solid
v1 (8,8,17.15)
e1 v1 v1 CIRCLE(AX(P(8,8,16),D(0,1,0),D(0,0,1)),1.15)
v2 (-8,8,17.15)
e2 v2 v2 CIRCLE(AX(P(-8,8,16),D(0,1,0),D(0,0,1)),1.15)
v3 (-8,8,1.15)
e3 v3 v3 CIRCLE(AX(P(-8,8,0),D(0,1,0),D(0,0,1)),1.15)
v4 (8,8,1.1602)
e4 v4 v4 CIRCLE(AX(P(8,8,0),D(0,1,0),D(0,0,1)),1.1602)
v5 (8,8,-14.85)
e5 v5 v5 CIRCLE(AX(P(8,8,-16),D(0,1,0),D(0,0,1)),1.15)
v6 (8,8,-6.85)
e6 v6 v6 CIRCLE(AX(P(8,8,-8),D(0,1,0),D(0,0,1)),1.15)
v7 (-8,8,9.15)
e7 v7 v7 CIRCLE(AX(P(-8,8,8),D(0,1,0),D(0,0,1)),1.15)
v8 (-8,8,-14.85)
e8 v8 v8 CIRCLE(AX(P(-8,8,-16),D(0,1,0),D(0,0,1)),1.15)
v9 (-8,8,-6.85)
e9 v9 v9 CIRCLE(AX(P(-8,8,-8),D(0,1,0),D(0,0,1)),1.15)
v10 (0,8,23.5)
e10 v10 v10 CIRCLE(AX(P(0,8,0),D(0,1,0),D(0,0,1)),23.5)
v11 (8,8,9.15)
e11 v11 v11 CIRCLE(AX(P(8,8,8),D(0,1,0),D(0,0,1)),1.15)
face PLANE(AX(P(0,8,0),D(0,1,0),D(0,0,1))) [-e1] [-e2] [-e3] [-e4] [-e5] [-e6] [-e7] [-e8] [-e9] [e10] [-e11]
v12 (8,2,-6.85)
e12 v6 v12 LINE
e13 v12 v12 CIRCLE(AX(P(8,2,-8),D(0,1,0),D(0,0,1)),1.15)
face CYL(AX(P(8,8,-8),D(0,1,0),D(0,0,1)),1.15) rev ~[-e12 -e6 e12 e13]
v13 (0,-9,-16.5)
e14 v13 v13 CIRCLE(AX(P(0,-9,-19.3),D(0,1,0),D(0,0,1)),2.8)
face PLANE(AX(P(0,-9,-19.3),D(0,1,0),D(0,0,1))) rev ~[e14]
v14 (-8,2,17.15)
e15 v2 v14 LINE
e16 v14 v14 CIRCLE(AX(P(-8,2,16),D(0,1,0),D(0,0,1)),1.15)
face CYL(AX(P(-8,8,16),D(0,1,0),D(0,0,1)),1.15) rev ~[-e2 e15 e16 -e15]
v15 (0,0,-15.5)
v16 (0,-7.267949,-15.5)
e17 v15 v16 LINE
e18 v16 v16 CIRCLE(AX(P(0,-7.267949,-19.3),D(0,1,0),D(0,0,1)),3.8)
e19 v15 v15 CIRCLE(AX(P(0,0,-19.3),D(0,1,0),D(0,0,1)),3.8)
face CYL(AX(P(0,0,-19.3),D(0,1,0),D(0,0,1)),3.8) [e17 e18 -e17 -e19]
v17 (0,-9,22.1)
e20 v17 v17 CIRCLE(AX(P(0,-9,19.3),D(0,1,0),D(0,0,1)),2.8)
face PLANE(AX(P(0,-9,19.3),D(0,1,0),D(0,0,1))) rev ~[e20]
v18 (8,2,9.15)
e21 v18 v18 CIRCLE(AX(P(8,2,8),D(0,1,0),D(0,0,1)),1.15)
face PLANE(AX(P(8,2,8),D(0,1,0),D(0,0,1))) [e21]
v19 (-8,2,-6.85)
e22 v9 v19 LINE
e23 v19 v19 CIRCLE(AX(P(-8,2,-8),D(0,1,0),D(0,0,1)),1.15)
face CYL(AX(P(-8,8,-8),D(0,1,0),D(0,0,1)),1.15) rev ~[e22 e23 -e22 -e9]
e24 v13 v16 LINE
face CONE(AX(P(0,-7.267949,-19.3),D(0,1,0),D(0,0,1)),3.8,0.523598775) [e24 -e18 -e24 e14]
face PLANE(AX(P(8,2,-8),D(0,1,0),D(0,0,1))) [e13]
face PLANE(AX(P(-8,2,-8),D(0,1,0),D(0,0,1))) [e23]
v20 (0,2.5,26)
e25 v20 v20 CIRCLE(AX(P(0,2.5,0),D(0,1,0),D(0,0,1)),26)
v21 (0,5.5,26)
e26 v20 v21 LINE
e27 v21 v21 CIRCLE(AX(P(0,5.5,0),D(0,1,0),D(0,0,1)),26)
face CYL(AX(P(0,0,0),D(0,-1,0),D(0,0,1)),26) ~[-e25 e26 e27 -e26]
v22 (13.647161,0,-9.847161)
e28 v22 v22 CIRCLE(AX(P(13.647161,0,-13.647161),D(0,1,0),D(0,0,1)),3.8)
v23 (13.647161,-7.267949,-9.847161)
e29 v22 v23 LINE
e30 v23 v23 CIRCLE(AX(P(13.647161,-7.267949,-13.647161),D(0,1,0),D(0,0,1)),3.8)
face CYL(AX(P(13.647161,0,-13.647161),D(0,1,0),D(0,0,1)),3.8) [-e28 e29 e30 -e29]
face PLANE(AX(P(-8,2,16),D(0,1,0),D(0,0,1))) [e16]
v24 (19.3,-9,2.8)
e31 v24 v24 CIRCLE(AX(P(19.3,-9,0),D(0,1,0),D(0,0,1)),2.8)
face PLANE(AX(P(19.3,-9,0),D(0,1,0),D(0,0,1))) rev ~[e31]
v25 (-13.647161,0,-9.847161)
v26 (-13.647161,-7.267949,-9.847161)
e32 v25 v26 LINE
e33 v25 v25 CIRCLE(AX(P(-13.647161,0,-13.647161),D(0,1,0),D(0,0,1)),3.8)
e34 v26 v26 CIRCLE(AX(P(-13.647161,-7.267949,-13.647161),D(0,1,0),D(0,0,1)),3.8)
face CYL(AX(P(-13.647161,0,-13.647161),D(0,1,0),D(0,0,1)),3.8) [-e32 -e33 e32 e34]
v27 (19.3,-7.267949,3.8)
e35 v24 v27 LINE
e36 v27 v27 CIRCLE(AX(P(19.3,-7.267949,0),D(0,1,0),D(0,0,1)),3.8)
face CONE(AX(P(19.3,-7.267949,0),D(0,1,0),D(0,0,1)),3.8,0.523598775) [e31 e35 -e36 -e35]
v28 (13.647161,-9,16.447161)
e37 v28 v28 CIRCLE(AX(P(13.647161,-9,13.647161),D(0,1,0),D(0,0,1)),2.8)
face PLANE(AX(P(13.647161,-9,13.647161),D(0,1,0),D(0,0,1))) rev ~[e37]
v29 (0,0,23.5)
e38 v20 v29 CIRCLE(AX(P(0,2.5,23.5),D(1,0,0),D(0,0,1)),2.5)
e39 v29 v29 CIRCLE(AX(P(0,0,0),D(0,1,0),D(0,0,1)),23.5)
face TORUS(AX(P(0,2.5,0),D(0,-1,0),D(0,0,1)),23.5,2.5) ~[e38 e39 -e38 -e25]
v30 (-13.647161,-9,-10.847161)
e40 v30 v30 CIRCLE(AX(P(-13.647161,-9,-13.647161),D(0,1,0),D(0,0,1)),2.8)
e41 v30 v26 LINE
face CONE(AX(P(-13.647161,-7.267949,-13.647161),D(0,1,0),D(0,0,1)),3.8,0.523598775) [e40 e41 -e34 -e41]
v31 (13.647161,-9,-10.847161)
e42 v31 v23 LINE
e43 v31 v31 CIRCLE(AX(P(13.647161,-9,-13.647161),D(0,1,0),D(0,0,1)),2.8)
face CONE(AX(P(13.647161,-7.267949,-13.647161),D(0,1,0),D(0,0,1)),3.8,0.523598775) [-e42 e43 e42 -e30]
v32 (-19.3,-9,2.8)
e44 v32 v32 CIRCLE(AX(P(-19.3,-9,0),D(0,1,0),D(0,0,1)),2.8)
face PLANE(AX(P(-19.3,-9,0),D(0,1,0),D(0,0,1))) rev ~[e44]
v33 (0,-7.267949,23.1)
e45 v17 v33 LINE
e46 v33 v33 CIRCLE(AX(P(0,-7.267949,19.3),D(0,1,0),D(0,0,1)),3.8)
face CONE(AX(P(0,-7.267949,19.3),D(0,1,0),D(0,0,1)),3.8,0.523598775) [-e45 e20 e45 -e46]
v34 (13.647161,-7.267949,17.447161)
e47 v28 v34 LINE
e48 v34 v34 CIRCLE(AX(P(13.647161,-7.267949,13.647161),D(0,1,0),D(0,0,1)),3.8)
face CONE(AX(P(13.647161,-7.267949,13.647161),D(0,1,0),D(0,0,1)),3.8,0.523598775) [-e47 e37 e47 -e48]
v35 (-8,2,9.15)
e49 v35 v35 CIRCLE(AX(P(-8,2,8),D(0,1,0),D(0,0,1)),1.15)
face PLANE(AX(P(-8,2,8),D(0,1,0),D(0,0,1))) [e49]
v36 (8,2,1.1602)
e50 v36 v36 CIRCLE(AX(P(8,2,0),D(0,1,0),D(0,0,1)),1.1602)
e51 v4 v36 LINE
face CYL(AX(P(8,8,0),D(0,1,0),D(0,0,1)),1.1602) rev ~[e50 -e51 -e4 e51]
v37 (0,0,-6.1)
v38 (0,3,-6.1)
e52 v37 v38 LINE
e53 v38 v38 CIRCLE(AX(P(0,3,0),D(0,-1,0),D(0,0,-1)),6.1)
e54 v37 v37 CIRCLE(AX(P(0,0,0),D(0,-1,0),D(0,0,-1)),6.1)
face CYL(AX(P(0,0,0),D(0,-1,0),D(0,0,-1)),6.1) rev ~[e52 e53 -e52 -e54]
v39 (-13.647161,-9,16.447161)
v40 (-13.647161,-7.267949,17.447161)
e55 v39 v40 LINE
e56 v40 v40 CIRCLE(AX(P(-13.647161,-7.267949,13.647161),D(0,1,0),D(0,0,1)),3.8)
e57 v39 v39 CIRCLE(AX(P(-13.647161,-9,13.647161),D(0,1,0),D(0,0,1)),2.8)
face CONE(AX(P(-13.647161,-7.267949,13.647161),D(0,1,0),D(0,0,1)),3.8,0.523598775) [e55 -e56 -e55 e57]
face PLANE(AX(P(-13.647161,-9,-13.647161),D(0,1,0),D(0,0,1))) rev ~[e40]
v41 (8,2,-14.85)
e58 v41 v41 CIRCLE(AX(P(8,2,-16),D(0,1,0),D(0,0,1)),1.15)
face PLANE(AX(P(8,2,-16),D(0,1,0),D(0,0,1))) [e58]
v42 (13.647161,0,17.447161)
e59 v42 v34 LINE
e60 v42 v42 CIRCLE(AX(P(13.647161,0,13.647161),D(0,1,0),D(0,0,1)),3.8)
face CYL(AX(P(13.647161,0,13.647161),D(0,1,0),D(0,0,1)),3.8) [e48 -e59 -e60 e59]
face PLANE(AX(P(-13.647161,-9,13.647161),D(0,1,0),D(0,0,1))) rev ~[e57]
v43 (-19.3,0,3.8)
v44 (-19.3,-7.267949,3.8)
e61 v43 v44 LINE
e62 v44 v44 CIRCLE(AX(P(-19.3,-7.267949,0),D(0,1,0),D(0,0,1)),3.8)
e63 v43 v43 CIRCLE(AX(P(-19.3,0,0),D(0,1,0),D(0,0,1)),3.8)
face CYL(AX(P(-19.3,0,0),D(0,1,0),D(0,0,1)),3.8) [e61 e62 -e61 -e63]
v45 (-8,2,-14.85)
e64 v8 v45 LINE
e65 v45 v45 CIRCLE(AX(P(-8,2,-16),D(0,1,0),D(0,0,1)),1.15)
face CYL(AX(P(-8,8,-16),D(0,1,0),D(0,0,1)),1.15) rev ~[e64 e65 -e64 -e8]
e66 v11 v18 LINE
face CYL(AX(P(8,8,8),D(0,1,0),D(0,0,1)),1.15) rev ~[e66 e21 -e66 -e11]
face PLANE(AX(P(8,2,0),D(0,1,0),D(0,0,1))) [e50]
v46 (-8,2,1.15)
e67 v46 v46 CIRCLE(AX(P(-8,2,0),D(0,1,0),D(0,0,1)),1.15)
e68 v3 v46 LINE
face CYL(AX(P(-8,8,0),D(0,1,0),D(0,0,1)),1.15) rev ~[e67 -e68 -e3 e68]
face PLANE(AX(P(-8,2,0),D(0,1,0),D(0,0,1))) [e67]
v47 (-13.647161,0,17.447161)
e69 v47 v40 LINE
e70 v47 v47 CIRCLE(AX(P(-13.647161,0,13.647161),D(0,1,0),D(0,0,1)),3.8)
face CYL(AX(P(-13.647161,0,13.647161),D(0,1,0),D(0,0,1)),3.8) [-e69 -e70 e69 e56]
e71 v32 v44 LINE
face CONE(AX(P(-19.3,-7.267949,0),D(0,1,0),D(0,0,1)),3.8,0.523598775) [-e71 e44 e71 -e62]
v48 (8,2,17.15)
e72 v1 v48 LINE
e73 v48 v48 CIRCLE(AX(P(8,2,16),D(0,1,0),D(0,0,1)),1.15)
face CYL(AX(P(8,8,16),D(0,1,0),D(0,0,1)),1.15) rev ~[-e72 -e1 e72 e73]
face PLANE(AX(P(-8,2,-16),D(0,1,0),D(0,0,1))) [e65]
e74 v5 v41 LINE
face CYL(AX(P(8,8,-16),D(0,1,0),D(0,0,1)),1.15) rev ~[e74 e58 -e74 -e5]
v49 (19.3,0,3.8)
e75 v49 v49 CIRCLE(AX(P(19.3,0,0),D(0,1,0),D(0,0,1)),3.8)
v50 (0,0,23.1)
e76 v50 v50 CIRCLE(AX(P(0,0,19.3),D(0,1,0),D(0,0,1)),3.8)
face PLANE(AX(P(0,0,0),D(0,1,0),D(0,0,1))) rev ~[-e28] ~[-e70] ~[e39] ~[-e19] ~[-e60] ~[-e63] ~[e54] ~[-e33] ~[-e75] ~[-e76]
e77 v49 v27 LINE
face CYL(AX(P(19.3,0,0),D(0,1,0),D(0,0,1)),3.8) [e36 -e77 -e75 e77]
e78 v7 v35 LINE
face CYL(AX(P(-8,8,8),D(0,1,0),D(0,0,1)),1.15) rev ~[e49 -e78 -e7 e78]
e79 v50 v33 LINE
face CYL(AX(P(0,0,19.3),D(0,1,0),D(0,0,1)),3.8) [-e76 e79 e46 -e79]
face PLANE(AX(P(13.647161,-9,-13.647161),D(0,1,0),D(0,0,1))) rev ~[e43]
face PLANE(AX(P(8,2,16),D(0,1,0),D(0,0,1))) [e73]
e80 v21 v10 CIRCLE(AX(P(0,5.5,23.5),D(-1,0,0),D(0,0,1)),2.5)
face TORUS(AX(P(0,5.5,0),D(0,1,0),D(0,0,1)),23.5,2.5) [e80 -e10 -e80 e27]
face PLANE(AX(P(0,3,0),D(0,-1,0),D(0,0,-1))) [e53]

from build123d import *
from OCP.BRepFilletAPI import BRepFilletAPI_MakeChamfer

# Parameters (mm, degrees)
SKETCH1_R           = 26
BOSS_EXTRUDE1_DEPTH = 8
SKETCH2_R           = 6.1
CUT_EXTRUDE2_DEPTH  = 3
SKETCH1_11_R        = 3.8
BOSS_EXTRUDE3_DEPTH = 9
FILLET1_R           = 2.5
SKETCH3_R           = 1.15
SKETCH3_R_2         = 1.160199873
CUT_EXTRUDE3_DEPTH  = 6
CHAMFER1_SIZE       = 1
CHAMFER1_SIZE2      = 1.732050808


with BuildPart() as part:
    # Sketch1 → Boss-Extrude1 (new body)
    with BuildSketch(Plane(origin=(0, 0, 0), x_dir=(1, 0, 0), z_dir=(0, 1, 0))):
        Circle(SKETCH1_R)
    extrude(amount=BOSS_EXTRUDE1_DEPTH)

    # Sketch2 → Cut-Extrude2 (cut)
    with BuildSketch(Plane.XZ):
        Circle(SKETCH2_R)
    extrude(amount=-CUT_EXTRUDE2_DEPTH, mode=Mode.SUBTRACT)

    # Sketch1<11> → Boss-Extrude3 (add)
    with BuildSketch(Plane(origin=(0, 0, 0), x_dir=(1, 0, 0), z_dir=(0, 1, 0))):
        with Locations((-13.647160877, 13.647160877)):
            Circle(SKETCH1_11_R)
        with Locations((0, 19.3)):
            Circle(SKETCH1_11_R)
        with Locations((13.647160877, 13.647160877)):
            Circle(SKETCH1_11_R)
        with Locations((19.3, 0)):
            Circle(SKETCH1_11_R)
        with Locations((13.647160877, -13.647160877)):
            Circle(SKETCH1_11_R)
        with Locations((0, -19.3)):
            Circle(SKETCH1_11_R)
        with Locations((-13.647160877, -13.647160877)):
            Circle(SKETCH1_11_R)
        with Locations((-19.3, 0)):
            Circle(SKETCH1_11_R)
    extrude(amount=-BOSS_EXTRUDE3_DEPTH)

    # Fillet1
    fillet1_edges = [part.edges().sort_by_distance(p)[0] for p in [
        (-26, 0, 0),
        (-26, 8, 0),
    ]]
    fillet(fillet1_edges, radius=FILLET1_R)

    # Sketch3 → Cut-Extrude3 (cut)
    with BuildSketch(Plane(origin=(0, 8, 0), x_dir=(1, 0, 0), z_dir=(0, 1, 0))):
        with Locations((-8, 16)):
            Circle(SKETCH3_R)
        with Locations((8, 16)):
            Circle(SKETCH3_R)
        with Locations((-8, 8)):
            Circle(SKETCH3_R)
        with Locations((8, 8)):
            Circle(SKETCH3_R)
        with Locations((-8, -8)):
            Circle(SKETCH3_R)
        with Locations((8, -8)):
            Circle(SKETCH3_R)
        with Locations((-8, -16)):
            Circle(SKETCH3_R)
        with Locations((8, -16)):
            Circle(SKETCH3_R)
        with Locations((-8, 0)):
            Circle(SKETCH3_R)
        with Locations((8, 0)):
            Circle(SKETCH3_R_2)
    extrude(amount=-CUT_EXTRUDE3_DEPTH, mode=Mode.SUBTRACT)

    # Chamfer1: one chamfer whose edges measure the first distance from different faces: ONE call of the kernel's chamfer builder (chamfer() names one face for all edges)
    chamfer1_edges_1 = [part.edges().sort_by_distance(p)[0] for p in [
        (-17.447160877, -9, -13.647160877),
    ]]
    chamfer1_side_1 = [part.faces().sort_by_distance(p)[0] for p in [
        (-13.647160877, -9, -13.647160877),
    ]]
    chamfer1_edges_2 = [part.edges().sort_by_distance(p)[0] for p in [
        (-3.8, -9, -19.3),
    ]]
    chamfer1_side_2 = [part.faces().sort_by_distance(p)[0] for p in [
        (0, -9, -19.3),
    ]]
    chamfer1_edges_3 = [part.edges().sort_by_distance(p)[0] for p in [
        (9.847160877, -9, -13.647160877),
    ]]
    chamfer1_side_3 = [part.faces().sort_by_distance(p)[0] for p in [
        (13.647160877, -9, -13.647160877),
    ]]
    chamfer1_edges_4 = [part.edges().sort_by_distance(p)[0] for p in [
        (15.5, -9, 0),
    ]]
    chamfer1_side_4 = [part.faces().sort_by_distance(p)[0] for p in [
        (19.3, -9, 0),
    ]]
    chamfer1_edges_5 = [part.edges().sort_by_distance(p)[0] for p in [
        (9.847160877, -9, 13.647160877),
    ]]
    chamfer1_side_5 = [part.faces().sort_by_distance(p)[0] for p in [
        (13.647160877, -9, 13.647160877),
    ]]
    chamfer1_edges_6 = [part.edges().sort_by_distance(p)[0] for p in [
        (-3.8, -9, 19.3),
    ]]
    chamfer1_side_6 = [part.faces().sort_by_distance(p)[0] for p in [
        (0, -9, 19.3),
    ]]
    chamfer1_edges_7 = [part.edges().sort_by_distance(p)[0] for p in [
        (-17.447160877, -9, 13.647160877),
    ]]
    chamfer1_side_7 = [part.faces().sort_by_distance(p)[0] for p in [
        (-13.647160877, -9, 13.647160877),
    ]]
    chamfer1_edges_8 = [part.edges().sort_by_distance(p)[0] for p in [
        (-23.1, -9, 0),
    ]]
    chamfer1_side_8 = [part.faces().sort_by_distance(p)[0] for p in [
        (-19.3, -9, 0),
    ]]
    chamfer1 = BRepFilletAPI_MakeChamfer(part.part.solid().wrapped)
    for e in chamfer1_edges_1:
        chamfer1.Add(CHAMFER1_SIZE, CHAMFER1_SIZE2, e.wrapped, chamfer1_side_1[0].wrapped)  # the first distance lies on this face
    for e in chamfer1_edges_2:
        chamfer1.Add(CHAMFER1_SIZE, CHAMFER1_SIZE2, e.wrapped, chamfer1_side_2[0].wrapped)  # the first distance lies on this face
    for e in chamfer1_edges_3:
        chamfer1.Add(CHAMFER1_SIZE, CHAMFER1_SIZE2, e.wrapped, chamfer1_side_3[0].wrapped)  # the first distance lies on this face
    for e in chamfer1_edges_4:
        chamfer1.Add(CHAMFER1_SIZE, CHAMFER1_SIZE2, e.wrapped, chamfer1_side_4[0].wrapped)  # the first distance lies on this face
    for e in chamfer1_edges_5:
        chamfer1.Add(CHAMFER1_SIZE, CHAMFER1_SIZE2, e.wrapped, chamfer1_side_5[0].wrapped)  # the first distance lies on this face
    for e in chamfer1_edges_6:
        chamfer1.Add(CHAMFER1_SIZE, CHAMFER1_SIZE2, e.wrapped, chamfer1_side_6[0].wrapped)  # the first distance lies on this face
    for e in chamfer1_edges_7:
        chamfer1.Add(CHAMFER1_SIZE, CHAMFER1_SIZE2, e.wrapped, chamfer1_side_7[0].wrapped)  # the first distance lies on this face
    for e in chamfer1_edges_8:
        chamfer1.Add(CHAMFER1_SIZE, CHAMFER1_SIZE2, e.wrapped, chamfer1_side_8[0].wrapped)  # the first distance lies on this face
    add(Compound.cast(chamfer1.Shape()), mode=Mode.REPLACE)


solid = part.part
